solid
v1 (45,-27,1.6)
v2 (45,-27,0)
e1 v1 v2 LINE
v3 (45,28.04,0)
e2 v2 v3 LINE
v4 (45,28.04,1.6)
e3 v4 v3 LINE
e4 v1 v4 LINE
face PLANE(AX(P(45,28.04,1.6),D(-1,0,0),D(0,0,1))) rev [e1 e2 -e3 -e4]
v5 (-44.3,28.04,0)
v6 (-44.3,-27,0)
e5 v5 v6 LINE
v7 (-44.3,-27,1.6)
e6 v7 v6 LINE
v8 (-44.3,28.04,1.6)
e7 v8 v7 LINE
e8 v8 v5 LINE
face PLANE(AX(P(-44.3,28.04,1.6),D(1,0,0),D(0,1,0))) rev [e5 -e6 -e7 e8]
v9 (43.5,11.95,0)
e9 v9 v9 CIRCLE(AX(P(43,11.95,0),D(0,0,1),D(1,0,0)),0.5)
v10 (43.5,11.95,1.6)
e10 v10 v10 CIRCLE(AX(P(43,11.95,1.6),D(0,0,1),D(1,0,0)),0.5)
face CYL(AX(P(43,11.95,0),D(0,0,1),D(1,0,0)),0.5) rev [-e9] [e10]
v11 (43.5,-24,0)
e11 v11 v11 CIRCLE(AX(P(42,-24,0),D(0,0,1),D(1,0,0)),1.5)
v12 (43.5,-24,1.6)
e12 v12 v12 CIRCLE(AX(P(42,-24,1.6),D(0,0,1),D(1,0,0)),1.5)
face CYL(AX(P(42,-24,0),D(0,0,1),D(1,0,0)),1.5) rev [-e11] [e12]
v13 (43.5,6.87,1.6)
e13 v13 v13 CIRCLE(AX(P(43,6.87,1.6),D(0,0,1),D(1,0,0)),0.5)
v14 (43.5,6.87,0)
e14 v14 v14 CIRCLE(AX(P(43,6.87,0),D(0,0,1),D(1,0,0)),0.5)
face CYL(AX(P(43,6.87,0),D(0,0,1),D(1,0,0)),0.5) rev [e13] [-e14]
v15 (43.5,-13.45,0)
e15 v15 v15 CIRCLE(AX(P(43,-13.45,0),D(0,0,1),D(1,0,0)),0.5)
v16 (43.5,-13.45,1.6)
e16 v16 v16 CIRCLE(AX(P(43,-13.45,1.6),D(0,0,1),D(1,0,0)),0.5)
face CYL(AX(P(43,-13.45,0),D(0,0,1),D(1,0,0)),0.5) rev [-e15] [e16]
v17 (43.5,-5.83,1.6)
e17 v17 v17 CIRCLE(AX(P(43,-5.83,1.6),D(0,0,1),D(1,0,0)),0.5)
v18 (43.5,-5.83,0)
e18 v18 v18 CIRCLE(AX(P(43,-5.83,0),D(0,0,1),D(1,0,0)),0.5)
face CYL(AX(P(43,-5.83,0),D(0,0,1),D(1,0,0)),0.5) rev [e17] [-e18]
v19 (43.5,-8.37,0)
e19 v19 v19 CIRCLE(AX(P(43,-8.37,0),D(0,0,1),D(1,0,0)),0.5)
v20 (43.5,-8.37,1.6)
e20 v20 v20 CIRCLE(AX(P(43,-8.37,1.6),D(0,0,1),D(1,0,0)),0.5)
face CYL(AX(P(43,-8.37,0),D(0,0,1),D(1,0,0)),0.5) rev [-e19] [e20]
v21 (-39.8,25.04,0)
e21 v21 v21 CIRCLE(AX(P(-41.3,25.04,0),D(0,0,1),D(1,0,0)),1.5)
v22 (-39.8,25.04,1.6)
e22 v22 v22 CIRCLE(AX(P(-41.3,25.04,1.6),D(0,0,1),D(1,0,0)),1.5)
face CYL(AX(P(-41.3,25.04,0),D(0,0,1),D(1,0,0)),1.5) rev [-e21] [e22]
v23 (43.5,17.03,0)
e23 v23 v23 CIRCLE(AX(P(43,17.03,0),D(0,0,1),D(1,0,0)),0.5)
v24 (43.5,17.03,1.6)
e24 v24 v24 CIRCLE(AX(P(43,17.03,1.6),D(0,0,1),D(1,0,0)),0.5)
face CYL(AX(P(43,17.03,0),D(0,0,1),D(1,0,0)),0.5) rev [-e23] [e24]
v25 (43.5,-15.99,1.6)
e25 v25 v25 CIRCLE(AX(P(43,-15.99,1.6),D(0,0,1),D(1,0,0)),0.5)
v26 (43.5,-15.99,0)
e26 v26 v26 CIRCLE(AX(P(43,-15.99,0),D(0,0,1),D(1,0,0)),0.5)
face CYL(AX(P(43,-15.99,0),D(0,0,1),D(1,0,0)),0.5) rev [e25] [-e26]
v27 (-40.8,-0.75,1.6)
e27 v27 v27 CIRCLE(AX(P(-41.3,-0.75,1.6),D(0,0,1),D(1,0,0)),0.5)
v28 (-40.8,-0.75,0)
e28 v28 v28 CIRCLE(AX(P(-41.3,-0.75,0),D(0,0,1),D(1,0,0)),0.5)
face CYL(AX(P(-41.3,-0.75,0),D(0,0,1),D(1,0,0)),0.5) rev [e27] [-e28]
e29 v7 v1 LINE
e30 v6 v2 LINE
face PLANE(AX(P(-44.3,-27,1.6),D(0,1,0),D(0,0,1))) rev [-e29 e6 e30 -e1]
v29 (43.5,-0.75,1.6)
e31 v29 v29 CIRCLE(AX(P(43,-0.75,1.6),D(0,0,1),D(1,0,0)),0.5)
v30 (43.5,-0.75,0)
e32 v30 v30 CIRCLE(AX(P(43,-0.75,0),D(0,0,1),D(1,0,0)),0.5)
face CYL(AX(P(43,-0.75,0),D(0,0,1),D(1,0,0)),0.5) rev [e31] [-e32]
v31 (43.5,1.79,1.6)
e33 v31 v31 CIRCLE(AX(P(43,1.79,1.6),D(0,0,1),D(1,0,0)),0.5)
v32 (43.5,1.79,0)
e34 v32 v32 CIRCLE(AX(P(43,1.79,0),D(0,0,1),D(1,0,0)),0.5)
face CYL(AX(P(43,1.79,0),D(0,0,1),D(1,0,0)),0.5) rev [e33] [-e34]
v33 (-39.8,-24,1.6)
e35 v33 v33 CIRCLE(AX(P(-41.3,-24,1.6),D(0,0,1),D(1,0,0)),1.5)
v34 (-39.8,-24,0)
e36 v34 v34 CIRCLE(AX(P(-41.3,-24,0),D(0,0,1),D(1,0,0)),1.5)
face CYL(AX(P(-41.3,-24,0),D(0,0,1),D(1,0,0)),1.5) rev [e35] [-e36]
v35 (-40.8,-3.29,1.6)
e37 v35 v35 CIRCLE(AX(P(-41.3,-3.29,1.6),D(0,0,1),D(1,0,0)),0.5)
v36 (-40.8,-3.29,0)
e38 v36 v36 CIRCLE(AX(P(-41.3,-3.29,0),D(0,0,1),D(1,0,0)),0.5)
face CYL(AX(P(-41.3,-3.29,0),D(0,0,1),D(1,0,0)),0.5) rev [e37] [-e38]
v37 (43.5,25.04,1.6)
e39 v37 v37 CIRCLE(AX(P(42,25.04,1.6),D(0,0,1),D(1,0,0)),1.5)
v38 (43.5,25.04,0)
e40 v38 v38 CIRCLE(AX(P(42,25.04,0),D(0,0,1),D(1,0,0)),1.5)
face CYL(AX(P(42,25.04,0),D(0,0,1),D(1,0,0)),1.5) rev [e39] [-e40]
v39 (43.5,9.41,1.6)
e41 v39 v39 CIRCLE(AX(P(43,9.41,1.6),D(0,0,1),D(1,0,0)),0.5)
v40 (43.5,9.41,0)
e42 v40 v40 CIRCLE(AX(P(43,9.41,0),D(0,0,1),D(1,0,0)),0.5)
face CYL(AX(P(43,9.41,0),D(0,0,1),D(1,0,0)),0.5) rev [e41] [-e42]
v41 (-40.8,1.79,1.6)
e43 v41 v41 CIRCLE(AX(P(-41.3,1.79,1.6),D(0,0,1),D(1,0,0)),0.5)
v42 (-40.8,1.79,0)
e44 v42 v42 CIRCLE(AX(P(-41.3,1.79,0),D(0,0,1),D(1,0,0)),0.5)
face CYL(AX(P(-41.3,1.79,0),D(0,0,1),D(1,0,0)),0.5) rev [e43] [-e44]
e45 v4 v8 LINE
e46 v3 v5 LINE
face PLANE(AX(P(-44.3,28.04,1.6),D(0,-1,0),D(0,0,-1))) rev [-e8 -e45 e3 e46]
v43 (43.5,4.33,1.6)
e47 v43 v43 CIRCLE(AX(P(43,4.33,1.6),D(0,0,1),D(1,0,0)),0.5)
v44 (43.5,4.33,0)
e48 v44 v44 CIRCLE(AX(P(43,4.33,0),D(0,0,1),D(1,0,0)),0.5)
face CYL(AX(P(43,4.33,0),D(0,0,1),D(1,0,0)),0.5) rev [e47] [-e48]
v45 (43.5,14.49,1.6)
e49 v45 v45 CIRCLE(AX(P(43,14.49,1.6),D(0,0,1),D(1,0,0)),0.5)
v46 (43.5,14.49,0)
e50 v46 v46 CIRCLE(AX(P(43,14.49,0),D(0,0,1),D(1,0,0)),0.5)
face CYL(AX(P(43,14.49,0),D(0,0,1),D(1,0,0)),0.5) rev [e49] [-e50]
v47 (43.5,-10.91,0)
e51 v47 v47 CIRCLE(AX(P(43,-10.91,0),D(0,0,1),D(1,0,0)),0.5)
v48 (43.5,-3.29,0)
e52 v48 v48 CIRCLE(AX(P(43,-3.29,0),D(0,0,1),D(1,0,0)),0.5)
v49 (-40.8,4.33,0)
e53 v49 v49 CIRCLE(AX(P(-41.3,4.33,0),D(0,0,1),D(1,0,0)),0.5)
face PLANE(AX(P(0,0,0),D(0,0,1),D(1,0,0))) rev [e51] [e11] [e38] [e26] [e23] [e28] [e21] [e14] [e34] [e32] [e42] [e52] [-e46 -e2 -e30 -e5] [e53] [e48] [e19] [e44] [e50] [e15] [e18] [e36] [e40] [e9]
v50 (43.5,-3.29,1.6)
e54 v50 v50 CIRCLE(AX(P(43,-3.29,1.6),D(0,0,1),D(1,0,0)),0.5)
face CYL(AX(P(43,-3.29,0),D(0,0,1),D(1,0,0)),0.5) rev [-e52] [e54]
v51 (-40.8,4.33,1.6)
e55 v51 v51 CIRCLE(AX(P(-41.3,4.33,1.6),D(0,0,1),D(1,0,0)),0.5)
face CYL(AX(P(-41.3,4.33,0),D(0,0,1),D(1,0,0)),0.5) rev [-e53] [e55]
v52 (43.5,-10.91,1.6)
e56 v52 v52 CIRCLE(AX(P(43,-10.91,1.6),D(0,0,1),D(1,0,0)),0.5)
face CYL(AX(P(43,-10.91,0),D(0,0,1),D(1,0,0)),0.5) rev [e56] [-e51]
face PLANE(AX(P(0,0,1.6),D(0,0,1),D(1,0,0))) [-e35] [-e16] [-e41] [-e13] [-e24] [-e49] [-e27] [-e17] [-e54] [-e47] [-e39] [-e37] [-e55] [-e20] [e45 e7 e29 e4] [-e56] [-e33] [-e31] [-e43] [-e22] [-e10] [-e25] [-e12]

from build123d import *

# Parameters (mm, degrees)
SKIZZE1_W                       = 89.3
SKIZZE1_H                       = 55.04
AUFSATZ_LINEAR_AUSTRAGEN1_DEPTH = 1.6
SKIZZE2_R                       = 1.5
SKIZZE2_R_2                     = 0.5
SCHNITT_LINEAR_AUSTRAGEN1_DEPTH = 1.6


with BuildPart() as part:
    # Skizze1 → Aufsatz-Linear austragen1 (new body)
    with BuildSketch(Plane.XY):
        with Locations((0.35, 0.52)):
            Rectangle(SKIZZE1_W, SKIZZE1_H)
    extrude(amount=AUFSATZ_LINEAR_AUSTRAGEN1_DEPTH)

    # Skizze2 → Schnitt-Linear austragen1 (cut)
    with BuildSketch(Plane.XY.offset(1.6)):
        with Locations((-41.3, 25.04)):
            Circle(SKIZZE2_R)
        with Locations((-41.3, -24)):
            Circle(SKIZZE2_R)
        with Locations((42, 25.04)):
            Circle(SKIZZE2_R)
        with Locations((42, -24)):
            Circle(SKIZZE2_R)
        with Locations((43, 17.03)):
            Circle(SKIZZE2_R_2)
        with Locations((43, 14.49)):
            Circle(SKIZZE2_R_2)
        with Locations((43, 11.95)):
            Circle(SKIZZE2_R_2)
        with Locations((43, 9.41)):
            Circle(SKIZZE2_R_2)
        with Locations((43, 6.87)):
            Circle(SKIZZE2_R_2)
        with Locations((43, 4.33)):
            Circle(SKIZZE2_R_2)
        with Locations((43, 1.79)):
            Circle(SKIZZE2_R_2)
        with Locations((43, -0.75)):
            Circle(SKIZZE2_R_2)
        with Locations((43, -3.29)):
            Circle(SKIZZE2_R_2)
        with Locations((43, -5.83)):
            Circle(SKIZZE2_R_2)
        with Locations((43, -8.37)):
            Circle(SKIZZE2_R_2)
        with Locations((43, -10.91)):
            Circle(SKIZZE2_R_2)
        with Locations((43, -13.45)):
            Circle(SKIZZE2_R_2)
        with Locations((-41.3, 4.33)):
            Circle(SKIZZE2_R_2)
        with Locations((-41.3, 1.79)):
            Circle(SKIZZE2_R_2)
        with Locations((-41.3, -0.75)):
            Circle(SKIZZE2_R_2)
        with Locations((43, -15.99)):
            Circle(SKIZZE2_R_2)
        with Locations((-41.3, -3.29)):
            Circle(SKIZZE2_R_2)
    extrude(amount=-SCHNITT_LINEAR_AUSTRAGEN1_DEPTH, mode=Mode.SUBTRACT)


solid = part.part
